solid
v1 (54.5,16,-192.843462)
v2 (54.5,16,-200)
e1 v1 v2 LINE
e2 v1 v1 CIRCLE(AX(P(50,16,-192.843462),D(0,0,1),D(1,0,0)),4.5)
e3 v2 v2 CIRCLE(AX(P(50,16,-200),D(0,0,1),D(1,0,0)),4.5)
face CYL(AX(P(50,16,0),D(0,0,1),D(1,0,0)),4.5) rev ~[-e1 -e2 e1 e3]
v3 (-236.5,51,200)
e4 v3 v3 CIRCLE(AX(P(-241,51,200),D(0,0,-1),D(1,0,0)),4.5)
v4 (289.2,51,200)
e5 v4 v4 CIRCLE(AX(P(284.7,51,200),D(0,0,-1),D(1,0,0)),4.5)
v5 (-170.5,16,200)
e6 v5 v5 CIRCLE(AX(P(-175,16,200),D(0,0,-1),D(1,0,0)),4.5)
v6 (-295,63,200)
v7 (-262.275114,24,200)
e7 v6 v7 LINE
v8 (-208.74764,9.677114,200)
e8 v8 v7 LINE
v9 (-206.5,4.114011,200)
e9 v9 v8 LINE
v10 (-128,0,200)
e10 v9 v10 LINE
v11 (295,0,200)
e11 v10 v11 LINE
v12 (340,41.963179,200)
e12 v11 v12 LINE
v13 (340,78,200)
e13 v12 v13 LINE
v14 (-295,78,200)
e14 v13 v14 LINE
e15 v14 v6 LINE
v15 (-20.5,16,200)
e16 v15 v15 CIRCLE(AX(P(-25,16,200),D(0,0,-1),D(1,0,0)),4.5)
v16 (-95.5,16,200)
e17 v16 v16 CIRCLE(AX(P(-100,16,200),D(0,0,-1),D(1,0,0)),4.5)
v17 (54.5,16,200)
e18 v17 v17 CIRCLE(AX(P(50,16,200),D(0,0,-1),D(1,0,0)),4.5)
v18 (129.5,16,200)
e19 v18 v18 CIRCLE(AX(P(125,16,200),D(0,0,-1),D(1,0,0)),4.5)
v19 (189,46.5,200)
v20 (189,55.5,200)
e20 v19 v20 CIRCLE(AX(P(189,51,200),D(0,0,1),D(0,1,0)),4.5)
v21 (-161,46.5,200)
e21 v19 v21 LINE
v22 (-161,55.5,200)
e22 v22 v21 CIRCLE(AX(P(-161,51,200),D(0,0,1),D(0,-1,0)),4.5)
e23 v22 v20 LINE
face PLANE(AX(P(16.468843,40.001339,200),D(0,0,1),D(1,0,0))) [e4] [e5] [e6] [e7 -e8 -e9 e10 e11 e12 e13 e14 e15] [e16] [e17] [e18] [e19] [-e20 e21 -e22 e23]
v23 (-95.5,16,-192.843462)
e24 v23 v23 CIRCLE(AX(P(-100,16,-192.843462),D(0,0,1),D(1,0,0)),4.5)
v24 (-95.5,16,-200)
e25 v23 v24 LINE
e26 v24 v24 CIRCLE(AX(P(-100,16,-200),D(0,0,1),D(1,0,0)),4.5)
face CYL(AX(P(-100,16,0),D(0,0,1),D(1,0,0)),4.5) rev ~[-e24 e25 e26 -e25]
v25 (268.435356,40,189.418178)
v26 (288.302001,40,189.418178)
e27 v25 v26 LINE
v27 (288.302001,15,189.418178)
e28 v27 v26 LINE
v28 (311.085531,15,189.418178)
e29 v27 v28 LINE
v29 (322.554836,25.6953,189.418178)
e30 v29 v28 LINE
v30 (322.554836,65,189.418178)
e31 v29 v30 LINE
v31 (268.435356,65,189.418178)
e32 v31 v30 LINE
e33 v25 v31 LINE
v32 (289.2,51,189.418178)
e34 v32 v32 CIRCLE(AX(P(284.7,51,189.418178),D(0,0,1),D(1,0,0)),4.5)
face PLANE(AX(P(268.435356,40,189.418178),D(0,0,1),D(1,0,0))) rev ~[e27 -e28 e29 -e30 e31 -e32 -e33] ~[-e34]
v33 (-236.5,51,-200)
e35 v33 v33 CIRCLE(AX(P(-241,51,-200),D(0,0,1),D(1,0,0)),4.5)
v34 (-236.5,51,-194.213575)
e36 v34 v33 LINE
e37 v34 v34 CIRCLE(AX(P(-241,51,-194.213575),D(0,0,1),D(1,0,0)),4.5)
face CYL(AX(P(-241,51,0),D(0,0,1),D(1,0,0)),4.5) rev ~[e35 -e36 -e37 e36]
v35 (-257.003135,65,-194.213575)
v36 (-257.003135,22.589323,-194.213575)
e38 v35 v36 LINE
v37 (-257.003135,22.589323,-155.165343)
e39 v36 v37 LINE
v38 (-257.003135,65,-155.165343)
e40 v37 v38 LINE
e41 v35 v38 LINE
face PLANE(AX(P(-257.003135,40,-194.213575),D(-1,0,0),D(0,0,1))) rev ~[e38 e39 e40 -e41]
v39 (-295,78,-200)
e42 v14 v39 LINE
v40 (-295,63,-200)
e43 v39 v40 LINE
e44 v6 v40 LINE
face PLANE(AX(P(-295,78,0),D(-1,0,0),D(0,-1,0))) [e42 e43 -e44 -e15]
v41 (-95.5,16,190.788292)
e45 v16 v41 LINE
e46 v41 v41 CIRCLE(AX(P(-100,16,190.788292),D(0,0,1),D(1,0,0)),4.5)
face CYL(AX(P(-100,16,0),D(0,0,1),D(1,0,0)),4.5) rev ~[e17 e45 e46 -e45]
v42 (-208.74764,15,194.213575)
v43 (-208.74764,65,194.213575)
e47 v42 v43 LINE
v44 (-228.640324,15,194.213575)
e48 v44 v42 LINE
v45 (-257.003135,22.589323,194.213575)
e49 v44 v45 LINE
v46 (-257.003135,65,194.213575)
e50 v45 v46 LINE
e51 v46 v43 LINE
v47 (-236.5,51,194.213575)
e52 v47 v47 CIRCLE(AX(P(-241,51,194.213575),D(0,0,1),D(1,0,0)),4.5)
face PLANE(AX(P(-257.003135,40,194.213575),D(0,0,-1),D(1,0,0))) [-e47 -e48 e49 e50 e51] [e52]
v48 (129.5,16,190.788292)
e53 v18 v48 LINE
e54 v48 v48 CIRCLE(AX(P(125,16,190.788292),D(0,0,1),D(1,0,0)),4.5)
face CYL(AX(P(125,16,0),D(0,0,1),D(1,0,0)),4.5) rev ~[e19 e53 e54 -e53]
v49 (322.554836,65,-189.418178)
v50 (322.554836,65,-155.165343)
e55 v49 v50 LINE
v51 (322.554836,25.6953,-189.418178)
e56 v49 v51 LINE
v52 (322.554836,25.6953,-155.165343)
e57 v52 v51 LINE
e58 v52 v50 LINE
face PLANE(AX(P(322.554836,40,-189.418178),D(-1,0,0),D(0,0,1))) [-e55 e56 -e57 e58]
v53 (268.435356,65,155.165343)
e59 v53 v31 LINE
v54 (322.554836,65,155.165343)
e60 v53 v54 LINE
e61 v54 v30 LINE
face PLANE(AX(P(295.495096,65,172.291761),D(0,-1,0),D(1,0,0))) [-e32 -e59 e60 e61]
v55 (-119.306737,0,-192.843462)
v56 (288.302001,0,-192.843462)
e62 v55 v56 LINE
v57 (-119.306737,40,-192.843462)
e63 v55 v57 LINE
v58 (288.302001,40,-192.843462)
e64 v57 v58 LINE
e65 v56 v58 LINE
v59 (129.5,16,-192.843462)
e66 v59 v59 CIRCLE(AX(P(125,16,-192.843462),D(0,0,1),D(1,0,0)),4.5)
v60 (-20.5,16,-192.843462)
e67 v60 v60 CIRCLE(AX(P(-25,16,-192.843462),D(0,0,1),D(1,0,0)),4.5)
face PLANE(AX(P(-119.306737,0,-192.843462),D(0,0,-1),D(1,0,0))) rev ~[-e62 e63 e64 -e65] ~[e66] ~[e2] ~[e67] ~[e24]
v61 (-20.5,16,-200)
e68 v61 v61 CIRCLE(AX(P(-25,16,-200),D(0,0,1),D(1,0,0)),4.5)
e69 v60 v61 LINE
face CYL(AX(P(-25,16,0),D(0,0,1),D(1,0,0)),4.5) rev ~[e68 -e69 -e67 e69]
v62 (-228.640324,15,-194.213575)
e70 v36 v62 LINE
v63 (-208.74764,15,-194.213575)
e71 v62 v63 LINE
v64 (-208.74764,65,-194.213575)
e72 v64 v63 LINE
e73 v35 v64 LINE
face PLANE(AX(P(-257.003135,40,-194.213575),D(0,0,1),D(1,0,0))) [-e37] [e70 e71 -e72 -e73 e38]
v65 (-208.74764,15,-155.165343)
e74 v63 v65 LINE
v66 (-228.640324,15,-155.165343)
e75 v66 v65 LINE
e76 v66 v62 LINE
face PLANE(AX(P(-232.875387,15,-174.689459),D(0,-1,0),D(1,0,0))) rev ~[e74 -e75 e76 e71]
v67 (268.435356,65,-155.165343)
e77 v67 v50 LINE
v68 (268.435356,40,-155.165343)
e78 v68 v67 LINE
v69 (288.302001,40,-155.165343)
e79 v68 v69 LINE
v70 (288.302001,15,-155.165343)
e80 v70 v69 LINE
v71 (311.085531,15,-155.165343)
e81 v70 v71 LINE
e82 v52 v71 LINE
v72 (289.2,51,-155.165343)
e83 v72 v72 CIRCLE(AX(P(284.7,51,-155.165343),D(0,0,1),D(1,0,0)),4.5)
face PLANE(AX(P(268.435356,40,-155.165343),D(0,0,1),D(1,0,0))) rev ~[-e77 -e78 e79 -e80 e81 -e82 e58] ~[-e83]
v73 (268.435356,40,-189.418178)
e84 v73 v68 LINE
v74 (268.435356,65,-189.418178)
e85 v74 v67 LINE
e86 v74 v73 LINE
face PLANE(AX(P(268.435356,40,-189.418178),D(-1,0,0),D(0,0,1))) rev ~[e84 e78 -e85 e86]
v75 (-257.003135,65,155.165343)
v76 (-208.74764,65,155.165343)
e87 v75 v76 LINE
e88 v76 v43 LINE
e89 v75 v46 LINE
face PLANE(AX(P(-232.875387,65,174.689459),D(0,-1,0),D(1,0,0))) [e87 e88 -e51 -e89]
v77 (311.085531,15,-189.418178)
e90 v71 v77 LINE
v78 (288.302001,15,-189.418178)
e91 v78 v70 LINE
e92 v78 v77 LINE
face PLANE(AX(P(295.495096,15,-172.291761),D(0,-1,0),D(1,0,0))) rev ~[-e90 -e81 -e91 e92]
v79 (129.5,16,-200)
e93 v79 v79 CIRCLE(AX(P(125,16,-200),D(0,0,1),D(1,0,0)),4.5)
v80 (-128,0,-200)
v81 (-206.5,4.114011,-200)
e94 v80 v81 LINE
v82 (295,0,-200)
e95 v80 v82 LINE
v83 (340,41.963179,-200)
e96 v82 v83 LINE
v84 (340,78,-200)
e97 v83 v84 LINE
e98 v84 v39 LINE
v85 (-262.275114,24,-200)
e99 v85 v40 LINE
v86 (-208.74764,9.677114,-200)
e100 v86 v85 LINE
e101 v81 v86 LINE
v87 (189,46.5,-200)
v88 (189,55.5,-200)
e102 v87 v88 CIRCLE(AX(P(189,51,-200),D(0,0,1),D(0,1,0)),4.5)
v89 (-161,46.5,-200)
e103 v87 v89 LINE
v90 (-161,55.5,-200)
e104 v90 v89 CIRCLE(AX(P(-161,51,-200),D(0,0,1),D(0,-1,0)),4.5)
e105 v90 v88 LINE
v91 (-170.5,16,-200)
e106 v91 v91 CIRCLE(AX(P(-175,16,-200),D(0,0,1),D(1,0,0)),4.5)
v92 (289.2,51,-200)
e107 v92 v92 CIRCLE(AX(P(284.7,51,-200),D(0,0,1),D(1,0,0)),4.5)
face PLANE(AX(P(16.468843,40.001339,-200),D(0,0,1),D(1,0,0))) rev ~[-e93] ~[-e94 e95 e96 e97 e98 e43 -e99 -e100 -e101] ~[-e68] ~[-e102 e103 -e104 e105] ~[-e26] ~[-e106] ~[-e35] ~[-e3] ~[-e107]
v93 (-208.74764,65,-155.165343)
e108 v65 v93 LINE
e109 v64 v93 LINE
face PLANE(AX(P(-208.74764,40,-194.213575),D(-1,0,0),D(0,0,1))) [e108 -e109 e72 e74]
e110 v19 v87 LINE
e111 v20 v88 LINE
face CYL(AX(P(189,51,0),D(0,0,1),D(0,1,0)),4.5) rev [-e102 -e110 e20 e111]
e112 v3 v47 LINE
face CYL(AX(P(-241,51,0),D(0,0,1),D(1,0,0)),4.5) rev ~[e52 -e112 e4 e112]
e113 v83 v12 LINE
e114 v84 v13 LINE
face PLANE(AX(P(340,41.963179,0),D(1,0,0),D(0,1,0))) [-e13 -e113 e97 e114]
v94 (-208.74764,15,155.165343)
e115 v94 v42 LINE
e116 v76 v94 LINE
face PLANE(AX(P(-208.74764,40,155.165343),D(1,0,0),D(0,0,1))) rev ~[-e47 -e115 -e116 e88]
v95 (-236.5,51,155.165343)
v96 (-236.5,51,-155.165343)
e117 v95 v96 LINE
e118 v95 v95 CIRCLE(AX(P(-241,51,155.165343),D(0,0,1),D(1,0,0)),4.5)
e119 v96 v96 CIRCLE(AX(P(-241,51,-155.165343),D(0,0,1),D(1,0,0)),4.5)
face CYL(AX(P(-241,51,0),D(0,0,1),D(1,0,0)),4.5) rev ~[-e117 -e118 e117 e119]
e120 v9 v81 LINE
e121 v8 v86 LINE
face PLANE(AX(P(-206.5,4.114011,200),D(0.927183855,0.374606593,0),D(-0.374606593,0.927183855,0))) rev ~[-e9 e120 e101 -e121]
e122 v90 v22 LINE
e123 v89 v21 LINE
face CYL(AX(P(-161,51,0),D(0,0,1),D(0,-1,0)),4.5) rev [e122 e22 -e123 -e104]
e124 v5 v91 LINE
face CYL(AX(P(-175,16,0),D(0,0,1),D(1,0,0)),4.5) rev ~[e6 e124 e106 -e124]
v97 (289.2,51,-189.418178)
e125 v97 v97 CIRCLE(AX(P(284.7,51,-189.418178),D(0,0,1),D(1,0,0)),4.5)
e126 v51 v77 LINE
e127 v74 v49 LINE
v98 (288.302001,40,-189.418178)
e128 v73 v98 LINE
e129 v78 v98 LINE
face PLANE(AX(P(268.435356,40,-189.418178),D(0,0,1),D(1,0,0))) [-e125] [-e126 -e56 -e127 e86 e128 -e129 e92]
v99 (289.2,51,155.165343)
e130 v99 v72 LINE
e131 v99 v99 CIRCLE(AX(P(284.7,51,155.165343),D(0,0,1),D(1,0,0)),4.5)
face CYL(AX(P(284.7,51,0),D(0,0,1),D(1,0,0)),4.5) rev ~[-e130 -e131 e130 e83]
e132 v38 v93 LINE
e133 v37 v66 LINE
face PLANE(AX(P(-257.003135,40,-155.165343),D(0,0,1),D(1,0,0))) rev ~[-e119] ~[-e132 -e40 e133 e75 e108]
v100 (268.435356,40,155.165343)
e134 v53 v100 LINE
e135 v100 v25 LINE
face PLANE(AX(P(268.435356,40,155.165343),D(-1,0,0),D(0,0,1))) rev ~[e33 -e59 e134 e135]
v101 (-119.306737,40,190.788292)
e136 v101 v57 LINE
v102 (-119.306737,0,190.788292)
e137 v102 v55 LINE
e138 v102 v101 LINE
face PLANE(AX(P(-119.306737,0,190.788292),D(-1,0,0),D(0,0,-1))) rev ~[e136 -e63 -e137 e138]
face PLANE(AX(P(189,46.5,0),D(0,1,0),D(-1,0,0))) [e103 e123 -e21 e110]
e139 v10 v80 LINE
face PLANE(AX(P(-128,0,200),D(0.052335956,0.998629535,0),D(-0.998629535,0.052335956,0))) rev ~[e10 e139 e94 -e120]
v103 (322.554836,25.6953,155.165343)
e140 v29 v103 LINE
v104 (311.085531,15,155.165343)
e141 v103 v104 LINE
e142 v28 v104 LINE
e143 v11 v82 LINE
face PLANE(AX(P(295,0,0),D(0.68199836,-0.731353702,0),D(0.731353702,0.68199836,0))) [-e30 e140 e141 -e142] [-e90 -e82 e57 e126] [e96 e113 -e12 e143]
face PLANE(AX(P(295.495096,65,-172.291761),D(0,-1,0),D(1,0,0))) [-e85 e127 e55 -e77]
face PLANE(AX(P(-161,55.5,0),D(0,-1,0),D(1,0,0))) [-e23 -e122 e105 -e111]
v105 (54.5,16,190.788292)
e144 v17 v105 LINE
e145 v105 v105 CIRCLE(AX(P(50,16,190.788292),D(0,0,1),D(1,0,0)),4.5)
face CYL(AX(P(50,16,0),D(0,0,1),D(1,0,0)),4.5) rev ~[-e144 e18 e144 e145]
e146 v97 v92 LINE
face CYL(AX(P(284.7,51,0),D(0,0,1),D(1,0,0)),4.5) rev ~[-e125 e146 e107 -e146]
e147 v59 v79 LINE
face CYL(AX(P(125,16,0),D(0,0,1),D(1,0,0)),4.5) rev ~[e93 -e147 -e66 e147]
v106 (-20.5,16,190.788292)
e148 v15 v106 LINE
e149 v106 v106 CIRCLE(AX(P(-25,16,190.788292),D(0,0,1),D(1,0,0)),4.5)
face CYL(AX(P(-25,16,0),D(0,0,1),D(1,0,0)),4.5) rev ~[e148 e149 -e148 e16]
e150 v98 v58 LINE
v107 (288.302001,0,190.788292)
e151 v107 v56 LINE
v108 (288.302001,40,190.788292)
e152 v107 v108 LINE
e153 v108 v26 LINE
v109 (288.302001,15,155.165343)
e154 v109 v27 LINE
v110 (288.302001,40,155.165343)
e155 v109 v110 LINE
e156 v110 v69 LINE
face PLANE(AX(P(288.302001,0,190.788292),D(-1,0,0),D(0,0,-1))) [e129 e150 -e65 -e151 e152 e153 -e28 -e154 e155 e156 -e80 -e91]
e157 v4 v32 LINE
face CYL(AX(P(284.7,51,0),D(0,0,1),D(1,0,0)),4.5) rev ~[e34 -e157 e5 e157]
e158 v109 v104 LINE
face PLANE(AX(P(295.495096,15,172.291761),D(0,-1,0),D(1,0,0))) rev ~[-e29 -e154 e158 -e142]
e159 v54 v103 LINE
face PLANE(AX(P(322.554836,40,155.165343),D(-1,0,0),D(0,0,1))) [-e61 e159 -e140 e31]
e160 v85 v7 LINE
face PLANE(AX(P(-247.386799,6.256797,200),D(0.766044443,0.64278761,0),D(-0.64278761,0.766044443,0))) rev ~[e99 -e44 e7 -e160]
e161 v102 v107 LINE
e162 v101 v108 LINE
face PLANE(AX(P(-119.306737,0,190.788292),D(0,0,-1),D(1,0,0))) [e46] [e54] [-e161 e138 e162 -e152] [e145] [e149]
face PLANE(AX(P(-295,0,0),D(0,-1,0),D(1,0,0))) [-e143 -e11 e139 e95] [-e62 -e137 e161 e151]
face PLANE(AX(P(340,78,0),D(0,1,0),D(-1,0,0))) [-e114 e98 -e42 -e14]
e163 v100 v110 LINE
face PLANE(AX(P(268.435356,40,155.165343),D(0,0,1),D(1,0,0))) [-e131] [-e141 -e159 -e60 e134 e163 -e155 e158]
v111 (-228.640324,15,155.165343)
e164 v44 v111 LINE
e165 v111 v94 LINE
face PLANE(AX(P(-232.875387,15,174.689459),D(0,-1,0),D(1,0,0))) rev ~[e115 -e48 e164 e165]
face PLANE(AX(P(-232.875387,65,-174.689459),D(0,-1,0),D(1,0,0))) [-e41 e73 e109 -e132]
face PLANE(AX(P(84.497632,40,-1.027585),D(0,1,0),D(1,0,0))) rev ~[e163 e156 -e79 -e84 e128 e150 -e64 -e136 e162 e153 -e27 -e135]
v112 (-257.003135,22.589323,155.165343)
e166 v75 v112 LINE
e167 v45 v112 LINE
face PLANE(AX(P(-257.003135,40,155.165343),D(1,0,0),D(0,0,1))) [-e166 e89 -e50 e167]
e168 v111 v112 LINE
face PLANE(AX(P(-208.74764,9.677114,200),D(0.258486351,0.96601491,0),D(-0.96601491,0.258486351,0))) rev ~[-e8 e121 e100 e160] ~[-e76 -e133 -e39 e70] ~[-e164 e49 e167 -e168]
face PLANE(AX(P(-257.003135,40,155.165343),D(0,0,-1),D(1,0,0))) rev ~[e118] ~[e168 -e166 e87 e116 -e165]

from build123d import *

# Parameters (mm, degrees)
BOSS_EXTRUDE1_DEPTH     = 200
CUT_EXTRUDE1_DEPTH      = 1875
CUT_EXTRUDE2_DEPTH      = 1
CUT_EXTRUDE2_DEPTH_BACK = 401
SKETCH9_R               = 4.5
CUT_EXTRUDE8_DEPTH      = 535
SKETCH10_W              = 407.608738225
SKETCH10_H              = 383.631753623
CUT_EXTRUDE9_DEPTH      = 40
SKETCH11_W              = 54.119479529
SKETCH11_H              = 34.252835145
SKETCH11_W_2            = 48.255495223
SKETCH11_H_2            = 39.048232065
CUT_EXTRUDE10_DEPTH     = 25


with BuildPart() as part:
    # Sketch1 → Boss-Extrude1 (new body, symmetric)
    with BuildSketch(Plane.XY):
        Polygon((295, 0), (340, 41.963178876), (340, 78), (-295, 78), (-295, 0), align=None)
    extrude(amount=BOSS_EXTRUDE1_DEPTH, both=True)

    # Sketch2 → Cut-Extrude1 (cut)
    with BuildSketch(Plane.XY.offset(200)):
        Polygon((-247.386799314, 6.256797028), (-295, 63), (-295, 0), (-128, 0), align=None)
    extrude(amount=-CUT_EXTRUDE1_DEPTH, mode=Mode.SUBTRACT)

    # Sketch3 → Cut-Extrude2 (cut, two sides)
    with BuildSketch(Plane.XY.offset(200)) as cut_extrude2_sk:
        Polygon((250.288603953, -1126.47745776), (-206.5, 4.114010674), (-208.74763956, 9.677113801), (-262.275114384, 24), (-1440.216479918, 339.193649301), (-3037.790452197, -1503.448201922), (-1347.285368327, -2969.119308982), align=None)
    extrude(amount=CUT_EXTRUDE2_DEPTH, mode=Mode.SUBTRACT)
    extrude(cut_extrude2_sk.sketch, amount=-CUT_EXTRUDE2_DEPTH_BACK, mode=Mode.SUBTRACT)

    # Sketch9 → Cut-Extrude8 (cut, symmetric)
    with BuildSketch(Plane.XY):
        with Locations((-175, 16)):
            Circle(SKETCH9_R)
        with Locations((-100, 16)):
            Circle(SKETCH9_R)
        with Locations((-25, 16)):
            Circle(SKETCH9_R)
        with Locations((50, 16)):
            Circle(SKETCH9_R)
        with Locations((125, 16)):
            Circle(SKETCH9_R)
        with Locations((-241, 51)):
            Circle(SKETCH9_R)
        with Locations((284.7, 51)):
            Circle(SKETCH9_R)
        with BuildLine():
            Line((-161, 55.5), (189, 55.5))
            ThreePointArc((189, 55.5), (193.5, 51), (189, 46.5))
            Line((189, 46.5), (-161, 46.5))
            ThreePointArc((-161, 46.5), (-165.5, 51), (-161, 55.5))
        make_face()
    extrude(amount=CUT_EXTRUDE8_DEPTH, both=True, mode=Mode.SUBTRACT)

    # Sketch10 → Cut-Extrude9 (cut)
    with BuildSketch(Plane(origin=(0, 0, 0), x_dir=(1, 0, 0), z_dir=(0, 1, 0))):
        with Locations((84.497631613, 1.027585054)):
            Rectangle(SKETCH10_W, SKETCH10_H)
    extrude(amount=CUT_EXTRUDE9_DEPTH, mode=Mode.SUBTRACT)

    # Sketch11 → Cut-Extrude10 (cut, symmetric)
    with BuildSketch(Plane.XZ.offset(-40)):
        with Locations((295.495096106, -172.29176078)):
            Rectangle(SKETCH11_W, SKETCH11_H)
        with Locations((-232.875387171, -174.68945924)):
            Rectangle(SKETCH11_W_2, SKETCH11_H_2)
        with Locations((295.495096106, 172.29176078)):
            Rectangle(SKETCH11_W, SKETCH11_H)
        with Locations((-232.875387171, 174.68945924)):
            Rectangle(SKETCH11_W_2, SKETCH11_H_2)
    extrude(amount=CUT_EXTRUDE10_DEPTH, both=True, mode=Mode.SUBTRACT)


solid = part.part
